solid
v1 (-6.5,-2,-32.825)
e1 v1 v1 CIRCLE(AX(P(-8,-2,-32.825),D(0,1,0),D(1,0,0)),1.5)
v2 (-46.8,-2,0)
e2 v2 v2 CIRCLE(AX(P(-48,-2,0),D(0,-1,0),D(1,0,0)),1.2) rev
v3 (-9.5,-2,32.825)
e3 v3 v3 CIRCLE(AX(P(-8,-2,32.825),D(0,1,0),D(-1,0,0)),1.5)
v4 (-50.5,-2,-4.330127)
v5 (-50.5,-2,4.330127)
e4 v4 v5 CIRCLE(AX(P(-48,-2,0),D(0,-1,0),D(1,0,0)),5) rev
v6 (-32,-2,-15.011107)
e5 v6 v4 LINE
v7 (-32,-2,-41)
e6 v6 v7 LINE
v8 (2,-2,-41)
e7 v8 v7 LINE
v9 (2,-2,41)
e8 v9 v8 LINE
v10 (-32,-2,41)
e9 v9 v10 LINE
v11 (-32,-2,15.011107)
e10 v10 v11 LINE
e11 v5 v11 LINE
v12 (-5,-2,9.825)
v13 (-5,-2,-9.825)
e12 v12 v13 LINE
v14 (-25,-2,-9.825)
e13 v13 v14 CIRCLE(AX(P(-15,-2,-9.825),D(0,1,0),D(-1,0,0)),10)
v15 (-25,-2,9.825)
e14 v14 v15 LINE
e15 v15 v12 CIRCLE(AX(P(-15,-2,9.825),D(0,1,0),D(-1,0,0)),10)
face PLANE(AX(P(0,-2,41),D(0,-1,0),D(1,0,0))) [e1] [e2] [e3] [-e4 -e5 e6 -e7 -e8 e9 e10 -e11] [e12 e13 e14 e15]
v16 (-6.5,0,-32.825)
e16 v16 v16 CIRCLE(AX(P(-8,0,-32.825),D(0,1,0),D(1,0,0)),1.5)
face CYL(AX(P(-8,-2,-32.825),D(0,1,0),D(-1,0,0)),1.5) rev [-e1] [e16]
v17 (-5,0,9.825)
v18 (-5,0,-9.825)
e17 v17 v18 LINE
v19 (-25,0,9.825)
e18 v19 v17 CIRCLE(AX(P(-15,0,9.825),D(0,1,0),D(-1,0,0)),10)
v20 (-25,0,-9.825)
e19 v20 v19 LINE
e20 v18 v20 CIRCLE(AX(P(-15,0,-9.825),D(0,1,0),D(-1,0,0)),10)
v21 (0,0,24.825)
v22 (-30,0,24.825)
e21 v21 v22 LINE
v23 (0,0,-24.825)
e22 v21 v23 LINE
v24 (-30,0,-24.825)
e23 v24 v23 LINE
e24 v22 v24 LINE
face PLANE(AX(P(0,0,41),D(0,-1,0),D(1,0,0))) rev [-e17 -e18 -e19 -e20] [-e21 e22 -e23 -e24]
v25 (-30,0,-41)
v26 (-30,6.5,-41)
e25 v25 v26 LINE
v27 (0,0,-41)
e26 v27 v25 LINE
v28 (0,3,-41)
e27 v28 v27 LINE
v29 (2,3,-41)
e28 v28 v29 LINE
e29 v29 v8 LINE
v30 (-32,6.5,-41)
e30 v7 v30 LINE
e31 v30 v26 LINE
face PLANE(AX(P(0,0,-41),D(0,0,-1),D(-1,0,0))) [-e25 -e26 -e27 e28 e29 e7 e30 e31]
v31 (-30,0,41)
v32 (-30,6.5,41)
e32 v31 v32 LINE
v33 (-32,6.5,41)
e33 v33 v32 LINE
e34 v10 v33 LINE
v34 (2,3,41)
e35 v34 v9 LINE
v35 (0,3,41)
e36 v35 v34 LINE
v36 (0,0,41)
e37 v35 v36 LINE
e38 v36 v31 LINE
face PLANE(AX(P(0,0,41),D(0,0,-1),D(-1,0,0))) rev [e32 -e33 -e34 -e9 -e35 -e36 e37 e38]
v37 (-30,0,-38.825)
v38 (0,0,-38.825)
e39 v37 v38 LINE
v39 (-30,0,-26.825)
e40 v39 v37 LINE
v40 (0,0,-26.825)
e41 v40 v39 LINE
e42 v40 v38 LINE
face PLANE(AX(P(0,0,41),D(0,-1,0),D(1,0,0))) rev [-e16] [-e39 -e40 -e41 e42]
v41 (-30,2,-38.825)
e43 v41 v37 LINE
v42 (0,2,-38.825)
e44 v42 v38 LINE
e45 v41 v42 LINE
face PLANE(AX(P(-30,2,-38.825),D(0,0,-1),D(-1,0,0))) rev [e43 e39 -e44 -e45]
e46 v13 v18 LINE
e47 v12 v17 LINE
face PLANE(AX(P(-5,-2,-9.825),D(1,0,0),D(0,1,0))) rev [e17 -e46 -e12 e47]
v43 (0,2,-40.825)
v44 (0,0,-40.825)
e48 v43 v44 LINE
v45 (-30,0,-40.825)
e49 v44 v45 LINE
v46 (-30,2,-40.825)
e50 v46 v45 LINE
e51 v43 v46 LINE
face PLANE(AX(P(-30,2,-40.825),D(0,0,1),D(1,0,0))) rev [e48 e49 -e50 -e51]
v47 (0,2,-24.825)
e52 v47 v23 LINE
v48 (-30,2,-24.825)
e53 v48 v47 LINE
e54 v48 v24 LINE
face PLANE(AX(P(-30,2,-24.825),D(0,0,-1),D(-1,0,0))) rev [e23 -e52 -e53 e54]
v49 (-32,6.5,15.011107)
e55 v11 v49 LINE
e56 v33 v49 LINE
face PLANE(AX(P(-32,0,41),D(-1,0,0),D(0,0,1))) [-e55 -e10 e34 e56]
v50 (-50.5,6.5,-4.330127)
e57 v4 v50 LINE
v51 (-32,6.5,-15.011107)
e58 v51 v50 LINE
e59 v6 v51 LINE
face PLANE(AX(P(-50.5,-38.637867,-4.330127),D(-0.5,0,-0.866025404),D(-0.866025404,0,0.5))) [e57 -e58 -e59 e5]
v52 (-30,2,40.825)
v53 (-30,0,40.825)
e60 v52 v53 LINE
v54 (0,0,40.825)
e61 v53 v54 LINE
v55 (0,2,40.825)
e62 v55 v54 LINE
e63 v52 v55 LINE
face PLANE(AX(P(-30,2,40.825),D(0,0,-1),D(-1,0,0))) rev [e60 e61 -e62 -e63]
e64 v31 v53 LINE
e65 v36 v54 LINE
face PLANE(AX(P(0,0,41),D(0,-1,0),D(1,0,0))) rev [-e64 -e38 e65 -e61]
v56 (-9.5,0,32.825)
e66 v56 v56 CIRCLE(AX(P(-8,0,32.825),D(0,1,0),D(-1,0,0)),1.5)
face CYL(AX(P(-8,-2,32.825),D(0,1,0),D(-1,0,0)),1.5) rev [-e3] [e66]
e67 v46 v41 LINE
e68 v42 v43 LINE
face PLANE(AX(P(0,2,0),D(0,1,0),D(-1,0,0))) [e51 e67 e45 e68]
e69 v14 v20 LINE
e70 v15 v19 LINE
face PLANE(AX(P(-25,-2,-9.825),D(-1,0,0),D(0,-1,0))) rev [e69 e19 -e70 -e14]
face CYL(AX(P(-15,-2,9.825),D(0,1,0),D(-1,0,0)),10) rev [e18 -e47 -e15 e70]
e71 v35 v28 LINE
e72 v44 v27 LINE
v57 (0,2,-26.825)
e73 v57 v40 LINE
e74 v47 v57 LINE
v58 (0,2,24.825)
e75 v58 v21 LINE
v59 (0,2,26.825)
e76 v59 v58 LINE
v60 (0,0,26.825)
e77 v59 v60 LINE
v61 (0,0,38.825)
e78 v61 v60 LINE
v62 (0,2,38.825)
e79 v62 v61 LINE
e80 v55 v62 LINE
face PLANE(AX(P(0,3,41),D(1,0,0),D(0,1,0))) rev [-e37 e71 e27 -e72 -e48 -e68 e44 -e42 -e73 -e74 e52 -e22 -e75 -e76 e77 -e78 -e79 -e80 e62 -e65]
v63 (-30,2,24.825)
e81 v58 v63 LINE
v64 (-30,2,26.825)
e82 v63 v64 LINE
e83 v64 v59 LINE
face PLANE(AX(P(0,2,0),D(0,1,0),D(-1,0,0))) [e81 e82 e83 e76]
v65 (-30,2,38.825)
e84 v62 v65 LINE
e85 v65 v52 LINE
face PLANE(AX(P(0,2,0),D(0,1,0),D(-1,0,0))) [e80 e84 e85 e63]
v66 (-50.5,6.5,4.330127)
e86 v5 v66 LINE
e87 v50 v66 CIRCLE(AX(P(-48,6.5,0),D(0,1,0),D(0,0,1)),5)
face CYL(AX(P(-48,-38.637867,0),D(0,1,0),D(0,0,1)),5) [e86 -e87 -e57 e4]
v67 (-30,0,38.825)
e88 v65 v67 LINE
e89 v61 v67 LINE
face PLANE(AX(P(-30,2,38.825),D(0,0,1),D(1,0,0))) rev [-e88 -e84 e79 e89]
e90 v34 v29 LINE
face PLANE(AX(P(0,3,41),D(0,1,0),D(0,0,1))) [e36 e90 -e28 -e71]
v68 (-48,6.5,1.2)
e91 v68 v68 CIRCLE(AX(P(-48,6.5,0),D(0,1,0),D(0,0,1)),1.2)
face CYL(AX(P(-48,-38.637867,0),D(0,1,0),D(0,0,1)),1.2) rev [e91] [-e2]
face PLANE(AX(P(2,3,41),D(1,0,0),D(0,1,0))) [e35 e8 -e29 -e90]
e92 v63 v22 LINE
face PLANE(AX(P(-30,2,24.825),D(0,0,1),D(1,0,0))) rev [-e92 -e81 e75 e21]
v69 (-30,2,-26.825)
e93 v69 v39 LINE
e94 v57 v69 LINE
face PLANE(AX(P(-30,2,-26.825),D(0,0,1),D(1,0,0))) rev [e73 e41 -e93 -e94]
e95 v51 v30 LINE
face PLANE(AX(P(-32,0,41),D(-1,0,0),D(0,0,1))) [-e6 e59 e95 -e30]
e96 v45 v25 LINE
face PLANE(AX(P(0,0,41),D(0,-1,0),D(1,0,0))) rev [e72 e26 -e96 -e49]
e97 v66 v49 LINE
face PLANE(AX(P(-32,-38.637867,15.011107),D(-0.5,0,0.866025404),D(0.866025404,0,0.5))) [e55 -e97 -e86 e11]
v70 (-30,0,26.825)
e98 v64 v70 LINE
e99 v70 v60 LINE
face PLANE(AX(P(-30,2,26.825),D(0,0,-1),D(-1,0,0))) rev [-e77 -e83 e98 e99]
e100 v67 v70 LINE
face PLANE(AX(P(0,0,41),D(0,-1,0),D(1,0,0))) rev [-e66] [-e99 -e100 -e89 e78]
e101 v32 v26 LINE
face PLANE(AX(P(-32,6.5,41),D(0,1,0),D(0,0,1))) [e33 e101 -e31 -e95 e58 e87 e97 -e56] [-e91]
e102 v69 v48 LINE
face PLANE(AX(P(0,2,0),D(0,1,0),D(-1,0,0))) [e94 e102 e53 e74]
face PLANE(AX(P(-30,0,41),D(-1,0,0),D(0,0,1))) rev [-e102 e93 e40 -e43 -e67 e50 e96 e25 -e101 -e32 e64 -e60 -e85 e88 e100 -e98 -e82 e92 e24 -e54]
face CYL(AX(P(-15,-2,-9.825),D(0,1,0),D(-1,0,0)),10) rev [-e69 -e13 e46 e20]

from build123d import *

# Parameters (mm, degrees)
EXTRU_MINCE1_DEPTH      = 41
ESQUISSE2_R             = 1.5
ENL_V_MAT_EXTRU_1_DEPTH = 53.414215629
ESQUISSE3_W             = 30
ESQUISSE3_H             = 2
BOSS_EXTRU_1_DEPTH      = 2
ENL_V_MAT_EXTRU_2_DEPTH = 53.414215629
ESQUISSE5_R             = 1.2
BOSS_EXTRU_2_DEPTH      = 8.5


with BuildPart() as part:
    # Esquisse1 → Extru.-Mince1 (new, symmetric)
    with BuildSketch(Plane.XY):
        Polygon((0, 3), (0, 0), (-30, 0), (-30, 6.5), (-32, 6.5), (-32, -2), (2, -2), (2, 3), align=None)
    extrude(amount=EXTRU_MINCE1_DEPTH, both=True)

    # Esquisse2 → Enlèv. mat.-Extru.1 (cut, through all)
    with BuildSketch(Plane(origin=(0, 0, 0), x_dir=(1, 0, 0), z_dir=(0, 1, 0))):
        with Locations(Location((-8, -32.825, 0), (0, 0, 180))):
            Circle(ESQUISSE2_R)
        with Locations((-8, 32.825)):
            Circle(ESQUISSE2_R)
    extrude(amount=-ENL_V_MAT_EXTRU_1_DEPTH, mode=Mode.SUBTRACT)

    # Esquisse3 → Boss.-Extru.1 (add)
    with BuildSketch(Plane(origin=(0, 0, 0), x_dir=(1, 0, 0), z_dir=(0, 1, 0))):
        with Locations((-15, 25.825)):
            Rectangle(ESQUISSE3_W, ESQUISSE3_H)
        with Locations((-15, -25.825)):
            Rectangle(ESQUISSE3_W, ESQUISSE3_H)
        with Locations((-15, -39.825)):
            Rectangle(ESQUISSE3_W, ESQUISSE3_H)
        with Locations((-15, 39.825)):
            Rectangle(ESQUISSE3_W, ESQUISSE3_H)
    extrude(amount=BOSS_EXTRU_1_DEPTH)

    # Esquisse4 → Enlèv. mat.-Extru.2 (cut, through all)
    with BuildSketch(Plane(origin=(0, 0, 0), x_dir=(1, 0, 0), z_dir=(0, 1, 0))):
        with BuildLine():
            Line((-5, 9.825), (-5, -9.825))
            ThreePointArc((-5, -9.825), (-15, -19.825), (-25, -9.825))
            Line((-25, -9.825), (-25, 9.825))
            ThreePointArc((-25, 9.825), (-15, 19.825), (-5, 9.825))
        make_face()
    extrude(amount=-ENL_V_MAT_EXTRU_2_DEPTH, mode=Mode.SUBTRACT)

    # Esquisse5 → Boss.-Extru.2 (add)
    with BuildSketch(Plane(origin=(0, 6.5, 0), x_dir=(1, 0, 0), z_dir=(0, 1, 0))):
        with BuildLine():
            Line((-50.5, 4.330127019), (-32, 15.011106999))
            Line((-32, 15.011106999), (-32, -15.011106999))
            Line((-32, -15.011106999), (-50.5, -4.330127019))
            ThreePointArc((-50.5, -4.330127019), (-53, 0), (-50.5, 4.330127019))
        make_face()
        with Locations(Location((-48, 0, 0), (0, 0, 270))):
            Circle(ESQUISSE5_R, mode=Mode.SUBTRACT)
    extrude(amount=-BOSS_EXTRU_2_DEPTH)


solid = part.part
